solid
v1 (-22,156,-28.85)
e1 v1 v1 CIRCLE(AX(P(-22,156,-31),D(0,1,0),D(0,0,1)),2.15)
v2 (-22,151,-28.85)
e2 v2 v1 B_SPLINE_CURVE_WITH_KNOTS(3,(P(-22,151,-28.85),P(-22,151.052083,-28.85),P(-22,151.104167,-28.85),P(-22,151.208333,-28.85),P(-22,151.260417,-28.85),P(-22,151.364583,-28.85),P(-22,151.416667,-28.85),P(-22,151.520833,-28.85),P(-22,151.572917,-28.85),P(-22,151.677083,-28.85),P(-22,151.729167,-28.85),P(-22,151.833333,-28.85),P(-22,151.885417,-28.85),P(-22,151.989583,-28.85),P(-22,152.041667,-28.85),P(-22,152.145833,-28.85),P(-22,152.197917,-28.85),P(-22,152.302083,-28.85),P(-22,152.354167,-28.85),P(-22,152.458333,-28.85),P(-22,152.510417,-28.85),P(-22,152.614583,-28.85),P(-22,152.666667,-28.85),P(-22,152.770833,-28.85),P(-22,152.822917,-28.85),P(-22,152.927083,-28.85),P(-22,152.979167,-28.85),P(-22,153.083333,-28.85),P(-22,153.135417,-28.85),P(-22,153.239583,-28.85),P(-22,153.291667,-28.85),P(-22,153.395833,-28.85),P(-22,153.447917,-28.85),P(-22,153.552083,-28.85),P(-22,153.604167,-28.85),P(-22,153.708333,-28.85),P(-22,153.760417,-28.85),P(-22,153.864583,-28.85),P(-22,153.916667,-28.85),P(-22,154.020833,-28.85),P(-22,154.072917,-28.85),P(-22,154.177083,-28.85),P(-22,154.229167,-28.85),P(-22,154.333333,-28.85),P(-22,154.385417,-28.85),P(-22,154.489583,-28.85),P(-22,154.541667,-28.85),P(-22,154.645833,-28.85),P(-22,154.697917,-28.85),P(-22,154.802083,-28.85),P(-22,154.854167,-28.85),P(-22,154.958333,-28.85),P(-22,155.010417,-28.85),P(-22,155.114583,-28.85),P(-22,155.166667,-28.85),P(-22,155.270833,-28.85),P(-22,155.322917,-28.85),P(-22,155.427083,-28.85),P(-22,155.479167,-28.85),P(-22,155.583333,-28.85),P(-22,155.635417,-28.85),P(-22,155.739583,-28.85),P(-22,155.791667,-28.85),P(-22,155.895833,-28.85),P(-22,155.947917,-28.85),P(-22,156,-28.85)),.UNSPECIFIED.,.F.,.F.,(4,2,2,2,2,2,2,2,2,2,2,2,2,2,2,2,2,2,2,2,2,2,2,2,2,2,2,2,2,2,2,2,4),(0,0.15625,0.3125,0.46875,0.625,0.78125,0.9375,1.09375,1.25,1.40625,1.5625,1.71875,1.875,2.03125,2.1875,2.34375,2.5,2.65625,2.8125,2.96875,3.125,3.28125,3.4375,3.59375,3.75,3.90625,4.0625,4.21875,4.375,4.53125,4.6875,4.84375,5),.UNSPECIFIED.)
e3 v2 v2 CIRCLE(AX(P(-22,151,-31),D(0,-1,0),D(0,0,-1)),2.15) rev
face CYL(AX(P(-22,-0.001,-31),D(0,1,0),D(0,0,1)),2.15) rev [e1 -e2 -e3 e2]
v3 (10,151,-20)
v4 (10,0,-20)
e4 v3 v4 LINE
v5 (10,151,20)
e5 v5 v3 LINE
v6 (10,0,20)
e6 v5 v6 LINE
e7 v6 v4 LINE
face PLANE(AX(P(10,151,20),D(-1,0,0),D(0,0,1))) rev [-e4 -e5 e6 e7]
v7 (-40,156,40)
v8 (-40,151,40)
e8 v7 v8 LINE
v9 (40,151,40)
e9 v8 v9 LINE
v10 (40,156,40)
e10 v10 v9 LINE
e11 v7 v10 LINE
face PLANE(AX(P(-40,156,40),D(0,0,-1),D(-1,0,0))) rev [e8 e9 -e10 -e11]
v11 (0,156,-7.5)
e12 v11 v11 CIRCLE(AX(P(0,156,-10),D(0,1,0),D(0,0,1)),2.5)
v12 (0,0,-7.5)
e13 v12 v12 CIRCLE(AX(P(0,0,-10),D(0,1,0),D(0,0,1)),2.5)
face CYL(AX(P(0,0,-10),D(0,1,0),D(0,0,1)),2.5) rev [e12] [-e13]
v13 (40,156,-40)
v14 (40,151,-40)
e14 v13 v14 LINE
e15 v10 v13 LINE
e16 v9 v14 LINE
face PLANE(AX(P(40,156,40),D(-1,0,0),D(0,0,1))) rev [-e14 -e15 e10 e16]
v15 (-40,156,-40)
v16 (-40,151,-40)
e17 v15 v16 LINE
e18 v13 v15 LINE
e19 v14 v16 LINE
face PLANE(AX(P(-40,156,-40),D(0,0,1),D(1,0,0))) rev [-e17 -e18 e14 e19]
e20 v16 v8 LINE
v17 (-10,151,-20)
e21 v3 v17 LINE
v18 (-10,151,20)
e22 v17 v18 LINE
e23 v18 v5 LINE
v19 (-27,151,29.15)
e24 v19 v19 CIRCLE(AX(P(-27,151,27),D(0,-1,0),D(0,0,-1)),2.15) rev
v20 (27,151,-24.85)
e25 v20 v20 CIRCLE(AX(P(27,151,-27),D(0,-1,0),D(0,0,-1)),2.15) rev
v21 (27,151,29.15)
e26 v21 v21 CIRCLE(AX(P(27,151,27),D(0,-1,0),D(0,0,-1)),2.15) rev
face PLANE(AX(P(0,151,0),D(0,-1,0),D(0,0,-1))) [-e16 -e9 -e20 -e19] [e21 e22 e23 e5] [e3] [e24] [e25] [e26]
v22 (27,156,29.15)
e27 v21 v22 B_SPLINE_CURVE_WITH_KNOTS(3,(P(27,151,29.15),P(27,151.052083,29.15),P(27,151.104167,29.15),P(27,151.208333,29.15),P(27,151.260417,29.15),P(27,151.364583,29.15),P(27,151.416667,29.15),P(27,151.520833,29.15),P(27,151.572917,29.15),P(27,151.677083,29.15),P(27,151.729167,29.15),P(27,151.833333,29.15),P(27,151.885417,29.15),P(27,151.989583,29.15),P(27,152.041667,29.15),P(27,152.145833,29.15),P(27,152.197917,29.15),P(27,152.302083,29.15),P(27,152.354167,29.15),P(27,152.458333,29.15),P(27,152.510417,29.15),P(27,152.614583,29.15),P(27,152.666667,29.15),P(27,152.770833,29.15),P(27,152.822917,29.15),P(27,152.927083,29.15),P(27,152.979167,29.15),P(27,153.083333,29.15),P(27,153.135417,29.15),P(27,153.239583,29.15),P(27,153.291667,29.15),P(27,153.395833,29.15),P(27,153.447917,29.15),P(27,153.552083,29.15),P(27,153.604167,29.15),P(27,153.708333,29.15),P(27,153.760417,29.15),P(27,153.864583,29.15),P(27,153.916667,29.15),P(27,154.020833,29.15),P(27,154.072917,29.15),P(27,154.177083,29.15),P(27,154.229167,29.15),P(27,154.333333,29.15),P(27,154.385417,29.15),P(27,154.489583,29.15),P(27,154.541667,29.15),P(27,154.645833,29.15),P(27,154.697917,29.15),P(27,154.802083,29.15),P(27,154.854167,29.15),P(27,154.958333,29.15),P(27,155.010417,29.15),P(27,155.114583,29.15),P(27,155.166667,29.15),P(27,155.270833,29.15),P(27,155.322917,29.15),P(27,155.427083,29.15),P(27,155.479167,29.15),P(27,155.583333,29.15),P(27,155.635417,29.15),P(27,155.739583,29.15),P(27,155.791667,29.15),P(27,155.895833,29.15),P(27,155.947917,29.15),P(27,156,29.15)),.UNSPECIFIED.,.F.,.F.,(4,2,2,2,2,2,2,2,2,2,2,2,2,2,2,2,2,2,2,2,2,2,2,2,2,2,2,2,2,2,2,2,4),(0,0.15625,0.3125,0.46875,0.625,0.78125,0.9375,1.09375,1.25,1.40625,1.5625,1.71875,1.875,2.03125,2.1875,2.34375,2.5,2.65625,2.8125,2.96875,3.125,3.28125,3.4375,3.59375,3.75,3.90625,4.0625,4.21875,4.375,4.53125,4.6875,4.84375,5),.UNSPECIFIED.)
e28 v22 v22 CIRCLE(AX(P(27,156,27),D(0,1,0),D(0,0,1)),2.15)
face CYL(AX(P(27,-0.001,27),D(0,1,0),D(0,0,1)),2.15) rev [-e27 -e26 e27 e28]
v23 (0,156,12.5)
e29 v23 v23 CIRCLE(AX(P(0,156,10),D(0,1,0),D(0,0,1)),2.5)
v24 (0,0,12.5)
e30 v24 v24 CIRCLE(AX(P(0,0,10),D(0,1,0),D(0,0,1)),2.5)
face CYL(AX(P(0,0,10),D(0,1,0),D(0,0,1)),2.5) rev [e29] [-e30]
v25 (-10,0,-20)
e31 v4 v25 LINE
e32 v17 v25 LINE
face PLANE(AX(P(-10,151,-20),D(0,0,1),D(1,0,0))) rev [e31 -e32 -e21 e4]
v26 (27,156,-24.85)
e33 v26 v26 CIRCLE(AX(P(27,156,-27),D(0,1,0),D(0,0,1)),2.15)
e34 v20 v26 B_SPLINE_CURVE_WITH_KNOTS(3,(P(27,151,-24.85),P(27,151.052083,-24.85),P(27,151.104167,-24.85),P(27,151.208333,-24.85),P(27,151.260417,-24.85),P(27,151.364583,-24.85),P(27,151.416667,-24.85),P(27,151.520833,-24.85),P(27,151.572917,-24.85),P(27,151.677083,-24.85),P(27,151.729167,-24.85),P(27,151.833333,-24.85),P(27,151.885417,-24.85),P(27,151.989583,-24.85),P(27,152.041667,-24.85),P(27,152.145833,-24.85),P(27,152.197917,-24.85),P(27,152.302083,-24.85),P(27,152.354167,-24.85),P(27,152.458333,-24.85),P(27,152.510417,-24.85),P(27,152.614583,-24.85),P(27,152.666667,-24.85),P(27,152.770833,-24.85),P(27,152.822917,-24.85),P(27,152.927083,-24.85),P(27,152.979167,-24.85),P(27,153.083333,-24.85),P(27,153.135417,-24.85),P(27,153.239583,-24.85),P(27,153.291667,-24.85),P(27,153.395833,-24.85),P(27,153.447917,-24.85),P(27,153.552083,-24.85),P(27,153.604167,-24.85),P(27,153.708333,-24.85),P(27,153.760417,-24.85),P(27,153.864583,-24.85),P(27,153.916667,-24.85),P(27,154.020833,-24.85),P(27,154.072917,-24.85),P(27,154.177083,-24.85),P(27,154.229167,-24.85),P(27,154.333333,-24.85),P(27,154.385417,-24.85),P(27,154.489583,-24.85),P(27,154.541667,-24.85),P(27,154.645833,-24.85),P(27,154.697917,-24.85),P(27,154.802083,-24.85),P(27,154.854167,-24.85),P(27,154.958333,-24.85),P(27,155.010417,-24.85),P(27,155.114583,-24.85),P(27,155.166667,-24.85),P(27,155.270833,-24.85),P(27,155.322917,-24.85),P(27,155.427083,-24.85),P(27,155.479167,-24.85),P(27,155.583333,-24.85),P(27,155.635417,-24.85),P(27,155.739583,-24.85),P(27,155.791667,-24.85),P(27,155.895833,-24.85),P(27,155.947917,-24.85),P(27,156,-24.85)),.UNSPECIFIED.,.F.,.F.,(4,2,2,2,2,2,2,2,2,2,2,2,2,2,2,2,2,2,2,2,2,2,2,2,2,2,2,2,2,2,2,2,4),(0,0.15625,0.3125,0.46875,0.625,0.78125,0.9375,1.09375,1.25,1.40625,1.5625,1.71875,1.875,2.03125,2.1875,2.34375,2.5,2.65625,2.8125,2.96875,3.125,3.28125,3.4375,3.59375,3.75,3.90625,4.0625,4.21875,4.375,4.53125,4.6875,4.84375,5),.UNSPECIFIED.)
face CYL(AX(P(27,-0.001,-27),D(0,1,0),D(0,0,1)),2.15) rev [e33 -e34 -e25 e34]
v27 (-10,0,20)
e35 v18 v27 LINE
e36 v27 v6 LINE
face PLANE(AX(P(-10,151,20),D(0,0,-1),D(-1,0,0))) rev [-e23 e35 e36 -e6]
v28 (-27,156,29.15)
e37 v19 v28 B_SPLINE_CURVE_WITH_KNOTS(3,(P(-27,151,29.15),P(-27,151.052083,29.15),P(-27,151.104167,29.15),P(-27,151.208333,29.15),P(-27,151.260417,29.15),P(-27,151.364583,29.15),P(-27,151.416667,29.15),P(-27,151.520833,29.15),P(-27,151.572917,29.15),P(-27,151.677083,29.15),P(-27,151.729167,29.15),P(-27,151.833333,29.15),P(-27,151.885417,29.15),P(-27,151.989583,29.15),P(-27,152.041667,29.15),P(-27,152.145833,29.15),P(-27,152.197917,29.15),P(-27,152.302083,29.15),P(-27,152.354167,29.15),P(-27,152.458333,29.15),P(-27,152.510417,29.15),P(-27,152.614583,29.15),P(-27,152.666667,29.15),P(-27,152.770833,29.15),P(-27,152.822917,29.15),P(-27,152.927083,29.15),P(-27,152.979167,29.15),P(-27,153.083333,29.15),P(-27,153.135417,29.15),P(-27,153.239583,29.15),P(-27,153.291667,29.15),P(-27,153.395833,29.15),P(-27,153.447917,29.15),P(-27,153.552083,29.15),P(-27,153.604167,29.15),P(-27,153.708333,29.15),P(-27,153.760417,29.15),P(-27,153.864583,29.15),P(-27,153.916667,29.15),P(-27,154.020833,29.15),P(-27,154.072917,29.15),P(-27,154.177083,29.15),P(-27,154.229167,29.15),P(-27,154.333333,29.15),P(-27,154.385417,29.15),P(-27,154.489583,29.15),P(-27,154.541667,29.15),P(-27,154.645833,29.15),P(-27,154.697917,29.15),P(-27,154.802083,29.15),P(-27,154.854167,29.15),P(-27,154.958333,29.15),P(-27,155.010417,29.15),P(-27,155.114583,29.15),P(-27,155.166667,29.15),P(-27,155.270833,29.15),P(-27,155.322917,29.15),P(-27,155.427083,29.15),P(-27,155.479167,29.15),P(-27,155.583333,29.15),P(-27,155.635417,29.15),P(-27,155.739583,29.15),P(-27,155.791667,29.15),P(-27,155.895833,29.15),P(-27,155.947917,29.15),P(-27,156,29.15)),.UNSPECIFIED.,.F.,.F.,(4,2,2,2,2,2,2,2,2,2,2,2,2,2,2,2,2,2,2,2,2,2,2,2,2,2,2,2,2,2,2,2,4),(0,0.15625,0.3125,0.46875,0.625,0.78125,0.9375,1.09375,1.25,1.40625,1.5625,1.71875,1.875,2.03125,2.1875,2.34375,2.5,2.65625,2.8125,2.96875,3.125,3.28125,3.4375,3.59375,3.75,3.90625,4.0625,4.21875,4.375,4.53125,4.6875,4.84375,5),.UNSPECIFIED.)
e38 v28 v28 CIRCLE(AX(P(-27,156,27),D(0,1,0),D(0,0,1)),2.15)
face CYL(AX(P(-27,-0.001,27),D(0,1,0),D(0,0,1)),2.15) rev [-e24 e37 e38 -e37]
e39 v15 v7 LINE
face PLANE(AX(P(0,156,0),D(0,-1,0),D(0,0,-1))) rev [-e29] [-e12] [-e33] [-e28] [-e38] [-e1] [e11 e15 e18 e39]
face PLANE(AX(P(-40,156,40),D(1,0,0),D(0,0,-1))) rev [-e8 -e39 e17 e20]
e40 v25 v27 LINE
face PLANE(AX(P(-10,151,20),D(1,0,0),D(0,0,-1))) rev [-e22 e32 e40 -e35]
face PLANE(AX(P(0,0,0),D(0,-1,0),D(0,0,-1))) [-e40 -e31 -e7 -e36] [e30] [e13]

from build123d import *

# Parameters (mm, degrees)
SKETCH1_W           = 20
SKETCH1_H           = 40
BOSS_EXTRUDE1_DEPTH = 151
SKETCH2_W           = 80
SKETCH2_H           = 80
BOSS_EXTRUDE2_DEPTH = 5
SKETCH3_R           = 2.5
CUT_EXTRUDE1_DEPTH  = 166.939748102
CUT_EXTRUDE2_REACH  = 167.94
SKETCH4_R           = 2.15


with BuildPart() as part:
    # Sketch1 → Boss-Extrude1 (new body)
    with BuildSketch(Plane(origin=(0, 0, 0), x_dir=(1, 0, 0), z_dir=(0, 1, 0))):
        Rectangle(SKETCH1_W, SKETCH1_H)
    extrude(amount=BOSS_EXTRUDE1_DEPTH)

    # Sketch2 → Boss-Extrude2 (add)
    with BuildSketch(Plane(origin=(0, 151, 0), x_dir=(1, 0, 0), z_dir=(0, 1, 0))):
        Rectangle(SKETCH2_W, SKETCH2_H)
    extrude(amount=BOSS_EXTRUDE2_DEPTH)

    # Sketch3 → Cut-Extrude1 (cut, through all)
    with BuildSketch(Plane(origin=(0, 156, 0), x_dir=(1, 0, 0), z_dir=(0, 1, 0))):
        with Locations(Location((0, 10, 0), (0, 0, 270))):
            Circle(SKETCH3_R)
        with Locations(Location((0, -10, 0), (0, 0, 270))):
            Circle(SKETCH3_R)
    extrude(amount=-CUT_EXTRUDE1_DEPTH, mode=Mode.SUBTRACT)

    # Sketch4 → Cut-Extrude2 (cut, up to next)
    with BuildSketch(Plane(origin=(0, 156, 0), x_dir=(1, 0, 0), z_dir=(0, 1, 0)), mode=Mode.PRIVATE) as cut_extrude2_sk1:
        with Locations(Location((-22, 31, 0), (0, 0, 270))):
            Circle(SKETCH4_R)
    cut_extrude2_tool1 = extrude(cut_extrude2_sk1.sketch, amount=-CUT_EXTRUDE2_REACH, mode=Mode.PRIVATE) & part.part
    # Sketch4 → Cut-Extrude2 (cut, up to next)
    with BuildSketch(Plane(origin=(0, 156, 0), x_dir=(1, 0, 0), z_dir=(0, 1, 0)), mode=Mode.PRIVATE) as cut_extrude2_sk2:
        with Locations(Location((27, 27, 0), (0, 0, 270))):
            Circle(SKETCH4_R)
    cut_extrude2_tool2 = extrude(cut_extrude2_sk2.sketch, amount=-CUT_EXTRUDE2_REACH, mode=Mode.PRIVATE) & part.part
    # Sketch4 → Cut-Extrude2 (cut, up to next)
    with BuildSketch(Plane(origin=(0, 156, 0), x_dir=(1, 0, 0), z_dir=(0, 1, 0)), mode=Mode.PRIVATE) as cut_extrude2_sk3:
        with Locations(Location((-27, -27, 0), (0, 0, 270))):
            Circle(SKETCH4_R)
    cut_extrude2_tool3 = extrude(cut_extrude2_sk3.sketch, amount=-CUT_EXTRUDE2_REACH, mode=Mode.PRIVATE) & part.part
    # Sketch4 → Cut-Extrude2 (cut, up to next)
    with BuildSketch(Plane(origin=(0, 156, 0), x_dir=(1, 0, 0), z_dir=(0, 1, 0)), mode=Mode.PRIVATE) as cut_extrude2_sk4:
        with Locations(Location((27, -27, 0), (0, 0, 270))):
            Circle(SKETCH4_R)
    cut_extrude2_tool4 = extrude(cut_extrude2_sk4.sketch, amount=-CUT_EXTRUDE2_REACH, mode=Mode.PRIVATE) & part.part
    add(cut_extrude2_tool1.solids().sort_by_distance((-22, 156, -31))[0], mode=Mode.SUBTRACT)
    add(cut_extrude2_tool2.solids().sort_by_distance((27, 156, -27))[0], mode=Mode.SUBTRACT)
    add(cut_extrude2_tool3.solids().sort_by_distance((-27, 156, 27))[0], mode=Mode.SUBTRACT)
    add(cut_extrude2_tool4.solids().sort_by_distance((27, 156, 27))[0], mode=Mode.SUBTRACT)


solid = part.part
